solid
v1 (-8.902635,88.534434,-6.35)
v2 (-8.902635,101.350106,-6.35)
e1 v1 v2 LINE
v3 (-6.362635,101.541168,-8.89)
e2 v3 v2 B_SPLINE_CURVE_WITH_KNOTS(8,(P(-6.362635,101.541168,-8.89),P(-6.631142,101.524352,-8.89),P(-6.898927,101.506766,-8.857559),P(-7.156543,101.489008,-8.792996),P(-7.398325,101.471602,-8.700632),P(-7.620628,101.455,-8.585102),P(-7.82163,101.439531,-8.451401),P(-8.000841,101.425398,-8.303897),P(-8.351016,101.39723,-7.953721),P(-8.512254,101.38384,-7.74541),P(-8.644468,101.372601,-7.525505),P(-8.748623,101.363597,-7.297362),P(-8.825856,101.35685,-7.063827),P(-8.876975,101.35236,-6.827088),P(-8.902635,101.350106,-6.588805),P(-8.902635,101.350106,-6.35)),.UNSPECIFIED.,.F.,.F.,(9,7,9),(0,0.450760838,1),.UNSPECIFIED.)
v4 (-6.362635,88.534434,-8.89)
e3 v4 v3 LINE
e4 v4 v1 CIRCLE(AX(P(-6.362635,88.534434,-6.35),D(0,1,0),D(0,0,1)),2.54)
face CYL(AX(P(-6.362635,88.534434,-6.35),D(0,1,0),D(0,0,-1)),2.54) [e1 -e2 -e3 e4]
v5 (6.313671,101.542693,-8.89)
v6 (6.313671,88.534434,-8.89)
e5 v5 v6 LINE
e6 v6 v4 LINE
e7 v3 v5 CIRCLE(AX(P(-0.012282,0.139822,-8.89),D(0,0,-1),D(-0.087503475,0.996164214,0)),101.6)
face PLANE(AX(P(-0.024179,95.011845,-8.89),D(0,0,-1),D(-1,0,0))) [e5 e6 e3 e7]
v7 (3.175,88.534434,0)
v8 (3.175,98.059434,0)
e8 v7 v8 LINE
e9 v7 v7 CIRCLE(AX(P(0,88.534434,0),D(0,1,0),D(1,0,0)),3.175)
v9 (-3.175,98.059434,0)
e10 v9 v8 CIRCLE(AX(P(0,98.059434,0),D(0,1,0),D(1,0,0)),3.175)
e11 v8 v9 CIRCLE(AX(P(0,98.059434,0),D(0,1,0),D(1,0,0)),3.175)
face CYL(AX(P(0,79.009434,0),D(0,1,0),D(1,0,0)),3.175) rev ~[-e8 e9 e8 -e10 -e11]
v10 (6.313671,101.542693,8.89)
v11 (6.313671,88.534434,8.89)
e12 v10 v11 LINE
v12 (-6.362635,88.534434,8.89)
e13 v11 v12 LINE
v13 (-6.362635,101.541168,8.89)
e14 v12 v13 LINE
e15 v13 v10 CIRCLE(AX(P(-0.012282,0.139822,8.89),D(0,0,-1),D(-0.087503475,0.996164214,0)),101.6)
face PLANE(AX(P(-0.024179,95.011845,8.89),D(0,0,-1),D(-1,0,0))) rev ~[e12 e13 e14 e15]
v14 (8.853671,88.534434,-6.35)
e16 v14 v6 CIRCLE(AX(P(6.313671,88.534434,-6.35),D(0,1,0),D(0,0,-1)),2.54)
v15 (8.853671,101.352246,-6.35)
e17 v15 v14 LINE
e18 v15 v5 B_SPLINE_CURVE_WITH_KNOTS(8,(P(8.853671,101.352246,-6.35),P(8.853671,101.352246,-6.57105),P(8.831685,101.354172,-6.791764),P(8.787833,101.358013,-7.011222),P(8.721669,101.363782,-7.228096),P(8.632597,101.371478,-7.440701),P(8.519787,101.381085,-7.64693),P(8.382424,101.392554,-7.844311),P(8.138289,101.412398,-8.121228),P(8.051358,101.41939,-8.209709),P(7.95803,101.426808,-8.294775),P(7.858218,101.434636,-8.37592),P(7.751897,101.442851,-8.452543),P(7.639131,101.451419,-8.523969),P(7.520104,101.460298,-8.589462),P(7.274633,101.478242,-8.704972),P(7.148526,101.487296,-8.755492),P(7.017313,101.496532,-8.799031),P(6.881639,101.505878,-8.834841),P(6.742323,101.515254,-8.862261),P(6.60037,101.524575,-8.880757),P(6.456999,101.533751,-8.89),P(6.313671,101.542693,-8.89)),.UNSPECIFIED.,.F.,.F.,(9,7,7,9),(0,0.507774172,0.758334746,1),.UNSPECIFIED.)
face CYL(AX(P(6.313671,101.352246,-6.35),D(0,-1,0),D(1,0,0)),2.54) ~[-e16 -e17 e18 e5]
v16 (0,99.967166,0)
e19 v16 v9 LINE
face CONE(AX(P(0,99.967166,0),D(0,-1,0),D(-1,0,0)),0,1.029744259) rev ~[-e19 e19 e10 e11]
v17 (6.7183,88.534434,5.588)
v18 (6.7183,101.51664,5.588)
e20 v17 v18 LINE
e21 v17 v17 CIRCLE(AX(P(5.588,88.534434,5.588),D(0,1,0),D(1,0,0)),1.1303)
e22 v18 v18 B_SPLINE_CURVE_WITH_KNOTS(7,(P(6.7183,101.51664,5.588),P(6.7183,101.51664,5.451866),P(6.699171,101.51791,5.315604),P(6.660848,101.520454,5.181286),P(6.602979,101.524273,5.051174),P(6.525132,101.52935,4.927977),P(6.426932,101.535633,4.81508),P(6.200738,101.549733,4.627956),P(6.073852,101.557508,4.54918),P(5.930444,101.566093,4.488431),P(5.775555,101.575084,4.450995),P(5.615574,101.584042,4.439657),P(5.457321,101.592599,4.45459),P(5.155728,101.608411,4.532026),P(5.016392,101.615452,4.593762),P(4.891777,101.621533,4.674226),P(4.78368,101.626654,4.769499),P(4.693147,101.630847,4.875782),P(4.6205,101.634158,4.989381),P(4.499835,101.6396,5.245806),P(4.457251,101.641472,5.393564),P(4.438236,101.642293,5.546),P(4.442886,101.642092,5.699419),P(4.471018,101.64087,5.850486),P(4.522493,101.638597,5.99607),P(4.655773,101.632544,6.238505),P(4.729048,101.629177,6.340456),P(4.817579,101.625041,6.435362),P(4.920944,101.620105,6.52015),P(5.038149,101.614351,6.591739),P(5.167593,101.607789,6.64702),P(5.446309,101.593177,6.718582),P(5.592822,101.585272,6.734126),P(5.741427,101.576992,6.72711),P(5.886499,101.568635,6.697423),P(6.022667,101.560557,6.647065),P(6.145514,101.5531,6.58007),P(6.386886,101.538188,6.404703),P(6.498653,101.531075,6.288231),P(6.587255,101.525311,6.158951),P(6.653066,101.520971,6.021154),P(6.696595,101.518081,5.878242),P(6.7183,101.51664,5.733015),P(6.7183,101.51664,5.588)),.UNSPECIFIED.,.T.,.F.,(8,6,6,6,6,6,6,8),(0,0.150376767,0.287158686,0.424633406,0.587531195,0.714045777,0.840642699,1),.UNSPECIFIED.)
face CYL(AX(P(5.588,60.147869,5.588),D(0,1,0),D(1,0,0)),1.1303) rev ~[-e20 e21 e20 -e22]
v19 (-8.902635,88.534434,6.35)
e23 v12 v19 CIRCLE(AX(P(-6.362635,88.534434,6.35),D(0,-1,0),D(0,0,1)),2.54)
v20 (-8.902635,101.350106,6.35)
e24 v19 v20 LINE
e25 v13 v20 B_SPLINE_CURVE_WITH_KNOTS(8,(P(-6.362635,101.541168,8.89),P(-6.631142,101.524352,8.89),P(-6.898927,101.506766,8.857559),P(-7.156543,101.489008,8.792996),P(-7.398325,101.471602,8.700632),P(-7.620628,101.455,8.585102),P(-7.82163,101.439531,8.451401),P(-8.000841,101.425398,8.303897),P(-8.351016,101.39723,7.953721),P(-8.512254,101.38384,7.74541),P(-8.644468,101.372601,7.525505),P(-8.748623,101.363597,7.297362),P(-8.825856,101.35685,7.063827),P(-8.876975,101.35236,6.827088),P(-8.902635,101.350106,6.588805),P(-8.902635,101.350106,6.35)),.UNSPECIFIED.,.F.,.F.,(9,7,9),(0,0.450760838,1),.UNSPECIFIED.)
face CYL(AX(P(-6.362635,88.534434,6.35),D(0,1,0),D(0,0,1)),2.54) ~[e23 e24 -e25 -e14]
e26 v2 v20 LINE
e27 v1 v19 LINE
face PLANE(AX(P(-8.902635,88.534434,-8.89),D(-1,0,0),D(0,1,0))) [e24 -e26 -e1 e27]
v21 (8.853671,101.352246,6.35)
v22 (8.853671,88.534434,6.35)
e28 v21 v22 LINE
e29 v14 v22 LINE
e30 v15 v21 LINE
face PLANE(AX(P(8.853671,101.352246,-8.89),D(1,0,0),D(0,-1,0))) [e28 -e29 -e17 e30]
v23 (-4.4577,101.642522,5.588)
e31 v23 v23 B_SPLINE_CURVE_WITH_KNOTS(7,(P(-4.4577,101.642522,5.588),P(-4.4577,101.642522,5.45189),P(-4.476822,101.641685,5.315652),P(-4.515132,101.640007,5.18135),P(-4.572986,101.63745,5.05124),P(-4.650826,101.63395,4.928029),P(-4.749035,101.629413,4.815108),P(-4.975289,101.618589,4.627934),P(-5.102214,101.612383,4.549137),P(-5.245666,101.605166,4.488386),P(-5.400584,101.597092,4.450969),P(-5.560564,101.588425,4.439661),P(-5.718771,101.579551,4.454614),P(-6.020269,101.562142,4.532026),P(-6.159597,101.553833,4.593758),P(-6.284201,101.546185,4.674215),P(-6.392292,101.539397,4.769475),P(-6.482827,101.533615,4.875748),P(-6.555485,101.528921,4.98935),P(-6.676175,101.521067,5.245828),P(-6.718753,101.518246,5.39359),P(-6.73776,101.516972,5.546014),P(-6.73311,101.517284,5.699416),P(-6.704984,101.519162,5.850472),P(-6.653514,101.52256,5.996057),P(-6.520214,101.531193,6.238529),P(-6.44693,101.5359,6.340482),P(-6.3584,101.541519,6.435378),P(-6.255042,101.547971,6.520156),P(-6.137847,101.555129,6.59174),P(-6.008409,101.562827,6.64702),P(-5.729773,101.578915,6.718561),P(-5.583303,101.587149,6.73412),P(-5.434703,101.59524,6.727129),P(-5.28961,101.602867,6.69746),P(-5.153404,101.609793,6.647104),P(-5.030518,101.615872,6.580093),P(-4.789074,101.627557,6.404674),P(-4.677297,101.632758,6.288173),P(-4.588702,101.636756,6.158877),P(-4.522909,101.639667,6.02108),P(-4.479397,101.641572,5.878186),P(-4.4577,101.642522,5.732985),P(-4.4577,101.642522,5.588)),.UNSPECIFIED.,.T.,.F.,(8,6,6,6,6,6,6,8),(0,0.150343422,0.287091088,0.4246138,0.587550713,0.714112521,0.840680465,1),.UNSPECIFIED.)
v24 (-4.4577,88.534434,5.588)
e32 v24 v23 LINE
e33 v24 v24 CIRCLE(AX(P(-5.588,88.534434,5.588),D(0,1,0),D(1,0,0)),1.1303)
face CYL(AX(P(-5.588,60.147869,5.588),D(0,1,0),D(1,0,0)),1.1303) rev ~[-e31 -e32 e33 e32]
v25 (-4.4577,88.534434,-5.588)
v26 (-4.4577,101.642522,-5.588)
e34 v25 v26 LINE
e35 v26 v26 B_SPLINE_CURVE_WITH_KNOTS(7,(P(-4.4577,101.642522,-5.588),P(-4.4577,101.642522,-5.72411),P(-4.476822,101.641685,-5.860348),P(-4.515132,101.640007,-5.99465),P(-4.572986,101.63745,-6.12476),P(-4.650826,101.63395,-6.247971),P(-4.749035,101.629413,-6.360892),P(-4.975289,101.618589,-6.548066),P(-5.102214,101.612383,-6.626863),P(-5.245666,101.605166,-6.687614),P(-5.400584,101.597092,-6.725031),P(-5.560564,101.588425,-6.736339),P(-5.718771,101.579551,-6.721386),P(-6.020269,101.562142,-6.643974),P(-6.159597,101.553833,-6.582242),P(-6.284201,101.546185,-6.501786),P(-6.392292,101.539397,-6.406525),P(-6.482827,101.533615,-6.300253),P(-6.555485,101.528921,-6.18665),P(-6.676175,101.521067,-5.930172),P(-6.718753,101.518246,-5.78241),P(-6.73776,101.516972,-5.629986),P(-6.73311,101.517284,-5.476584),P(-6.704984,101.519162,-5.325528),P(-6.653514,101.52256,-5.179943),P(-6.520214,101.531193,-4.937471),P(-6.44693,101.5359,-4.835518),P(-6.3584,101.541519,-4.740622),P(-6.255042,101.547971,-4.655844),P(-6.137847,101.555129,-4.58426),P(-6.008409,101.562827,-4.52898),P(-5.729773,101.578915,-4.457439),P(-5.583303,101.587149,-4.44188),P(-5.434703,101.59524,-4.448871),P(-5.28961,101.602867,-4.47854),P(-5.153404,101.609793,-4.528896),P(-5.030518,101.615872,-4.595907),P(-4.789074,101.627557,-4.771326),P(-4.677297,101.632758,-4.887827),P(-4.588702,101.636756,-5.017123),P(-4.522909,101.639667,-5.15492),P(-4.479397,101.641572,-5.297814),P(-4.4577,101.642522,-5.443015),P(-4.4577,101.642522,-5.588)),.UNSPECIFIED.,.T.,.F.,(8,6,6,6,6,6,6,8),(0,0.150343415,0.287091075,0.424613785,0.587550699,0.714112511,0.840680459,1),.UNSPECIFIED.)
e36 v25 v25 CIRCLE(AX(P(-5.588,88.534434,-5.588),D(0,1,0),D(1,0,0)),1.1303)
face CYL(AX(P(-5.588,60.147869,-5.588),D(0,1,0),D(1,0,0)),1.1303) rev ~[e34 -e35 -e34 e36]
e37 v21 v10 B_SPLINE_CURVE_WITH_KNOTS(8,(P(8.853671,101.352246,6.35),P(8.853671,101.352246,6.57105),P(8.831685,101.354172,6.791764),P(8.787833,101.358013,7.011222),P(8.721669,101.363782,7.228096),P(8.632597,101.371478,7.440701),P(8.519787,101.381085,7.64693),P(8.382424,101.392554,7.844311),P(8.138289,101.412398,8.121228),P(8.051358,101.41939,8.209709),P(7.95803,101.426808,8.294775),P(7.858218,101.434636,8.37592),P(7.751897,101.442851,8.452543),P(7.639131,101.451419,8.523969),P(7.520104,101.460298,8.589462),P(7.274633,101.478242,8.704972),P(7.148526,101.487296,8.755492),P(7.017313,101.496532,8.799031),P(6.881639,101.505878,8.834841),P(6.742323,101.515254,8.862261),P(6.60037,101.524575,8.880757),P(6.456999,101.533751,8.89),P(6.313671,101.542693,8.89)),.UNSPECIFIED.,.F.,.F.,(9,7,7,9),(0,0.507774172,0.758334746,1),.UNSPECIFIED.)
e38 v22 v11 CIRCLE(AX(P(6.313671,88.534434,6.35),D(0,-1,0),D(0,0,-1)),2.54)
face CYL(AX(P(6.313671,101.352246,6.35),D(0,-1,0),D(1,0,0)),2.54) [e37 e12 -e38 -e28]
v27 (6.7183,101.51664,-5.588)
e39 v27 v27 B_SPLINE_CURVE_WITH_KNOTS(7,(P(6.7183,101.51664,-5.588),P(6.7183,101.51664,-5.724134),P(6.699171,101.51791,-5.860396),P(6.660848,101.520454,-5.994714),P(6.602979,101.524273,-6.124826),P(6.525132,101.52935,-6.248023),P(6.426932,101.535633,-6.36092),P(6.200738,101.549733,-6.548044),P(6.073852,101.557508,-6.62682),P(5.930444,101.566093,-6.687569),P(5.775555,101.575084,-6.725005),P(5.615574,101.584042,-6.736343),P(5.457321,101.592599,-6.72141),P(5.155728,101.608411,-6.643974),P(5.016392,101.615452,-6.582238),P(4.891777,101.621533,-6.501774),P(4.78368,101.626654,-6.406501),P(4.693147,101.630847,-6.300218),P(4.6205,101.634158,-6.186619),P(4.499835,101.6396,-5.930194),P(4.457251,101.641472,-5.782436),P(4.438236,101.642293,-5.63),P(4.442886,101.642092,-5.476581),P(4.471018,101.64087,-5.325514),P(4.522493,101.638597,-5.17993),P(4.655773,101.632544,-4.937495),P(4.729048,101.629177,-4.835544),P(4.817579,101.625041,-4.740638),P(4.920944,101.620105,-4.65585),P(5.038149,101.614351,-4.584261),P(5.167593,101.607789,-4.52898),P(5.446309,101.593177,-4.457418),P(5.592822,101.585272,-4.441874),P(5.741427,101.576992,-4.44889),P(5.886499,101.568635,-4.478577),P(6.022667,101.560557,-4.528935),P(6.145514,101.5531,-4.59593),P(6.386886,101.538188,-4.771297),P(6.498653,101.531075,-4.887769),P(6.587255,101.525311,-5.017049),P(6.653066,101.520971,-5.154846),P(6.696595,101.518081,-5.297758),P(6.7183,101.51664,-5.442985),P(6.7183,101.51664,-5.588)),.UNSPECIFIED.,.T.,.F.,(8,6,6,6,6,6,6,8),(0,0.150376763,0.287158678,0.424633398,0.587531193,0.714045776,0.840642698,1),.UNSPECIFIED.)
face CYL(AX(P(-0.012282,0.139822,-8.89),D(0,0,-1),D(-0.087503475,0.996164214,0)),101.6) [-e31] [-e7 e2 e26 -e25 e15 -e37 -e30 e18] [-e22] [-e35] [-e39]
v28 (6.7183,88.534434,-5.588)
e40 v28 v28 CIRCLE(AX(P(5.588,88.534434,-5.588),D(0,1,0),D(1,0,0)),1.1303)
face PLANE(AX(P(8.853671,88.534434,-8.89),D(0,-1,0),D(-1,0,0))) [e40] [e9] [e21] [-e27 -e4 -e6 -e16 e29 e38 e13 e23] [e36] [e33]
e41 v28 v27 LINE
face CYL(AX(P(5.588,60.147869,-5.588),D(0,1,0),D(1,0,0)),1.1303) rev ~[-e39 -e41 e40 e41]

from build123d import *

# Parameters (mm, degrees)
BOSS_EXTRUDE1_DEPTH             = 8.89
BOSS_EXTRUDE1_DEPTH_BACK        = 8.89
F_1_4_0_25_DIAMETER_SLOT1_D     = 6.35
F_1_4_0_25_DIAMETER_SLOT1_DEPTH = 9.525
F_1_4_0_25_DIAMETER_SLOT1_TIP   = 1.907732465
TAP_DRILL_FOR_4_40_TAP1_D       = 2.2606
FILLET1_R                       = 2.54


with BuildPart() as part:
    # Sketch1 → Boss-Extrude1 (new, two sides: drawn at the far end of the back side and taken through both)
    with BuildSketch(Plane.XY.offset(-BOSS_EXTRUDE1_DEPTH_BACK)):
        with BuildLine():
            Line((8.853671113, 101.352246104), (8.853671113, 88.534433979))
            Line((8.853671113, 88.534433979), (-8.902635044, 88.534433979))
            Line((-8.902635044, 88.534433979), (-8.902635044, 101.350105765))
            ThreePointArc((-8.902635044, 101.350105765), (-0.024528813, 101.739820854), (8.853671113, 101.352246104))
        make_face()
    extrude(amount=BOSS_EXTRUDE1_DEPTH + BOSS_EXTRUDE1_DEPTH_BACK)

    # 1/4 (0.25) Diameter Slot1
    with Locations(Plane(origin=(0, 88.534433979, 0), x_dir=(-1, 0, 0), z_dir=(0, -1, 0))):
        with Locations((0, 0)):
            Hole(F_1_4_0_25_DIAMETER_SLOT1_D / 2, depth=F_1_4_0_25_DIAMETER_SLOT1_DEPTH)
            with Locations((0, 0, -(F_1_4_0_25_DIAMETER_SLOT1_DEPTH + F_1_4_0_25_DIAMETER_SLOT1_TIP / 2))):  # 118° drill point
                Cone(0, F_1_4_0_25_DIAMETER_SLOT1_D / 2, F_1_4_0_25_DIAMETER_SLOT1_TIP, mode=Mode.SUBTRACT)

    # Tap Drill for #4-40 Tap1 (through all)
    with Locations(Plane(origin=(0, 88.534433979, 0), x_dir=(-1, 0, 0), z_dir=(0, -1, 0))):
        with Locations((-5.588, 5.588), (5.588, 5.588), (5.588, -5.588), (-5.588, -5.588)):
            Hole(TAP_DRILL_FOR_4_40_TAP1_D / 2)

    # Fillet1
    fillet1_edges = [part.edges().sort_by_distance(p)[0] for p in [
        (-8.902635044, 94.942269872, 8.89),
        (8.853671113, 94.943340042, -8.89),
        (8.853671113, 94.943340042, 8.89),
        (-8.902635044, 94.942269872, -8.89),
    ]]
    fillet(fillet1_edges, radius=FILLET1_R)


solid = part.part
